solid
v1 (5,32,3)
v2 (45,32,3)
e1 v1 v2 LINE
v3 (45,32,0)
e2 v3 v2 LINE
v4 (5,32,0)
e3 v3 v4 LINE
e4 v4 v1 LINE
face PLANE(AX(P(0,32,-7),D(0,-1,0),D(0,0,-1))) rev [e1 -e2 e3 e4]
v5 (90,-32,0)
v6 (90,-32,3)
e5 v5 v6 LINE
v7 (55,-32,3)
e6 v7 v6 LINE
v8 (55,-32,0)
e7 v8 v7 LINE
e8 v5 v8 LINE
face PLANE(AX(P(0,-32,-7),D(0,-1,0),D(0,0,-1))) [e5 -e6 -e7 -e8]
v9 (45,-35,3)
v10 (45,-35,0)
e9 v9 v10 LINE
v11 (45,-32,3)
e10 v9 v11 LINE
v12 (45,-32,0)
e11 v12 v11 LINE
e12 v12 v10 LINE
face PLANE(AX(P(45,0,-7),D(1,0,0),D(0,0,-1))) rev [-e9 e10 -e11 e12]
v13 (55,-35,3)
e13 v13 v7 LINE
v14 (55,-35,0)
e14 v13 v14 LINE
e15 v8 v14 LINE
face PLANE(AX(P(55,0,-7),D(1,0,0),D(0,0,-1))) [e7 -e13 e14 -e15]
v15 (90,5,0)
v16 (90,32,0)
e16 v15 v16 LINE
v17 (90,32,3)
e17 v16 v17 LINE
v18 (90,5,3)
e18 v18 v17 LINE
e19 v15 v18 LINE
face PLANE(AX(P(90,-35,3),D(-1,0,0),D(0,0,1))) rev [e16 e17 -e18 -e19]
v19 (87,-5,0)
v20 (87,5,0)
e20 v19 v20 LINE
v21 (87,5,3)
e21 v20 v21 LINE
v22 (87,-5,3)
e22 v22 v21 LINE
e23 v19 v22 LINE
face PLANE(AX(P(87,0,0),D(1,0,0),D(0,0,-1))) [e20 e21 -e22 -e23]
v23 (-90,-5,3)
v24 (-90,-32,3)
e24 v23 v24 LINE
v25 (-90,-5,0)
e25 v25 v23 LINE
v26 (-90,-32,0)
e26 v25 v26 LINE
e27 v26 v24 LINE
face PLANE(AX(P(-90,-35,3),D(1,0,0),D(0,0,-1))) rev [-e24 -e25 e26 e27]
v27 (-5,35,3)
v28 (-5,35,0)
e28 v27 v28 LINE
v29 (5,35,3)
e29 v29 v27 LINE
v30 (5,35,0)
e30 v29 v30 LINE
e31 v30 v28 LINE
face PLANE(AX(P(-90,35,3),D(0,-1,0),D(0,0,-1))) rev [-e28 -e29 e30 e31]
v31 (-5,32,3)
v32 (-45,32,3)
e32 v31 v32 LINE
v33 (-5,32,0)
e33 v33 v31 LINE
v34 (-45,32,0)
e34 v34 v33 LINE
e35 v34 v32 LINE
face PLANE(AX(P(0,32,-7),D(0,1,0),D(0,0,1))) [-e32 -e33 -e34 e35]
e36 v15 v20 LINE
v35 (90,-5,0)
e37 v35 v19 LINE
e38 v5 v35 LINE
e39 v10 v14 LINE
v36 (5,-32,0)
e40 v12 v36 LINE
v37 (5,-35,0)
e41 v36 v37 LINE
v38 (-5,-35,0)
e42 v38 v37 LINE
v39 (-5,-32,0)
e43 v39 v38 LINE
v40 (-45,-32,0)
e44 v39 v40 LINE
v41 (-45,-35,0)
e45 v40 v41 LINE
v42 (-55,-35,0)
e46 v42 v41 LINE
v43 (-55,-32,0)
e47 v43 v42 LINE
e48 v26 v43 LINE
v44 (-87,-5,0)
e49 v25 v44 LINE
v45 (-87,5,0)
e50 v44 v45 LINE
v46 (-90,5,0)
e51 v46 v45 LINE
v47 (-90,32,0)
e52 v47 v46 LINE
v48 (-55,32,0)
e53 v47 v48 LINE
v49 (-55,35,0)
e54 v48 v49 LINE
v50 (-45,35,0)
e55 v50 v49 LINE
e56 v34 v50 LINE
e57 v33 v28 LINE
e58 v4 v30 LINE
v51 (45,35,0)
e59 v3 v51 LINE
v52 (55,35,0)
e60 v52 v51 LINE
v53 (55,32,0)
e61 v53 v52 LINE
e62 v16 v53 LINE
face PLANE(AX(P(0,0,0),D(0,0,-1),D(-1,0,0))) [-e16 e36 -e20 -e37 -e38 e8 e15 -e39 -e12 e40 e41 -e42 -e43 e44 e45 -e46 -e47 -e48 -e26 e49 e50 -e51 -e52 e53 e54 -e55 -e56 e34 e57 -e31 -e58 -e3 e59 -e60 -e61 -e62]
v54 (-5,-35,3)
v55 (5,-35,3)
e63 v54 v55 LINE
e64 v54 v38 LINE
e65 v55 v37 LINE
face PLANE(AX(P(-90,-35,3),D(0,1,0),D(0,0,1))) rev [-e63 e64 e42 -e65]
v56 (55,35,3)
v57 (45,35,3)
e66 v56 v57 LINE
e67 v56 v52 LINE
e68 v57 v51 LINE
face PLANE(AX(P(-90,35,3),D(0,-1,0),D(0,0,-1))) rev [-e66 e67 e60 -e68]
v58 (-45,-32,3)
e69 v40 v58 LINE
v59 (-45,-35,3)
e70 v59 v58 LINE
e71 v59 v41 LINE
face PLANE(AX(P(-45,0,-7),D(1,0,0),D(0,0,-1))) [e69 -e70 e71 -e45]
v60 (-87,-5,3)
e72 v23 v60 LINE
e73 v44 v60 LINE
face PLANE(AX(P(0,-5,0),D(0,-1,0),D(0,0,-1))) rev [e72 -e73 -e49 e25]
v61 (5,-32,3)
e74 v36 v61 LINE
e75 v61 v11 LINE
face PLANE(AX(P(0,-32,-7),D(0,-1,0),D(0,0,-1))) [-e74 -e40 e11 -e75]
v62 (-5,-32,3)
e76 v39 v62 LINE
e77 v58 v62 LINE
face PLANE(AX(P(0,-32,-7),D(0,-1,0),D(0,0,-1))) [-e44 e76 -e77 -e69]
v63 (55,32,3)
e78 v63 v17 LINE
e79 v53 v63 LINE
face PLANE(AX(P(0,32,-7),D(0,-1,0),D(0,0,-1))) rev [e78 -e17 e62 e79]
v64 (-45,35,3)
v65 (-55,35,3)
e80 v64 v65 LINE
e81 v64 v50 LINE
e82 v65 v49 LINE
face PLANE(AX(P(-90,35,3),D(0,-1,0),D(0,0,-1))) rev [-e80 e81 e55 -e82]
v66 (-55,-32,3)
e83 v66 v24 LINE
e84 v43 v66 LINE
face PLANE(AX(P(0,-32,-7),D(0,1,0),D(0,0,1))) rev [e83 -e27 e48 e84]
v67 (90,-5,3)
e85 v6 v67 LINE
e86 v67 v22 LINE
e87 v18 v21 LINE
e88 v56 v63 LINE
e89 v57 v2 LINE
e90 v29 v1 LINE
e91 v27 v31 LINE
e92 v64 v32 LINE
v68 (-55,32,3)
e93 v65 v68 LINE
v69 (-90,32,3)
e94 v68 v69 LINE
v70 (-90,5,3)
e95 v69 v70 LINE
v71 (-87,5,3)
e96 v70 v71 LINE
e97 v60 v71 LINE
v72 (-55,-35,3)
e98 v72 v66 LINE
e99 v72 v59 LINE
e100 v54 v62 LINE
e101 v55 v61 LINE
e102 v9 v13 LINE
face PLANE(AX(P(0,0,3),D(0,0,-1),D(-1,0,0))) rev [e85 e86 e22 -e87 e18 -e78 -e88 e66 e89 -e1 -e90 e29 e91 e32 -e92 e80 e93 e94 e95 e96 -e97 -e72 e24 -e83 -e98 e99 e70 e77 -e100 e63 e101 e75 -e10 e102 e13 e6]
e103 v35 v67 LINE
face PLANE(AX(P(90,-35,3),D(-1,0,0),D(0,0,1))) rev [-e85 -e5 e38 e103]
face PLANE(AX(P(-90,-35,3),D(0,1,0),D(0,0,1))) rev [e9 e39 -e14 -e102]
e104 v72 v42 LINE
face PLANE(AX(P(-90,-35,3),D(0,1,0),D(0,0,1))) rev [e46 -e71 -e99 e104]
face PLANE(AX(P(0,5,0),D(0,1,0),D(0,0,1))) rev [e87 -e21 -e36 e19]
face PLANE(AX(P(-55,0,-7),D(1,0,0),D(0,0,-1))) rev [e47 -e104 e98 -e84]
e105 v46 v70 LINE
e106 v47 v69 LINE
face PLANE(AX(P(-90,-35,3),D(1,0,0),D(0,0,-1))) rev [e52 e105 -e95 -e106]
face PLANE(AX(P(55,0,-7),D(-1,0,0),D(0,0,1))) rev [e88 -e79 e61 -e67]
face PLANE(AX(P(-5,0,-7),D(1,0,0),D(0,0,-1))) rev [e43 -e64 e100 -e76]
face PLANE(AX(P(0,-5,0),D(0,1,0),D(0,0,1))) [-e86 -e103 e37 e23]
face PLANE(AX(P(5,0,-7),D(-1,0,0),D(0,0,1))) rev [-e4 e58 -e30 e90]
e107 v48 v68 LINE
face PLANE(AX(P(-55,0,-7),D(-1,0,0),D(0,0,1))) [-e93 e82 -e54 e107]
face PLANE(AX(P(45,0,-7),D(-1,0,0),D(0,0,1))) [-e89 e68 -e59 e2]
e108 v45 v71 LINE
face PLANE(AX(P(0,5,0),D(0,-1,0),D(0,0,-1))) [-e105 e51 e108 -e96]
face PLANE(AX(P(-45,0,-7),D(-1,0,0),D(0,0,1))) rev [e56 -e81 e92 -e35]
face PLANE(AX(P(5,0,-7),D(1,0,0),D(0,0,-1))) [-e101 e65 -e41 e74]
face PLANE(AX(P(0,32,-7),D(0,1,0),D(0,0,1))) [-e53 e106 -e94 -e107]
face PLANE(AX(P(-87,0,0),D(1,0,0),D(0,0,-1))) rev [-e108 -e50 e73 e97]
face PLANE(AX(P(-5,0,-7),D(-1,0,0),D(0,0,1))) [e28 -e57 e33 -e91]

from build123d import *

# Parameters (mm, degrees)
SKETCH3_W           = 180
SKETCH3_H           = 70
BOSS_EXTRUDE1_DEPTH = 3
SKETCH5_W           = 3
SKETCH5_H           = 5
CUT_EXTRUDE2_DEPTH  = 3
SKETCH4_W           = 35
SKETCH4_H           = 3
SKETCH4_W_2         = 40
CUT_EXTRUDE3_DEPTH  = 10


with BuildPart() as part:
    # Sketch3 → Boss-Extrude1 (new body)
    with BuildSketch(Plane.XY):
        Rectangle(SKETCH3_W, SKETCH3_H)
    extrude(amount=BOSS_EXTRUDE1_DEPTH)

    # Sketch5 → Cut-Extrude2 (cut)
    with BuildSketch(Plane.XY.offset(3)):
        with Locations((-88.5, 2.5)):
            Rectangle(SKETCH5_W, SKETCH5_H)
        with Locations((-88.5, -2.5)):
            Rectangle(SKETCH5_W, SKETCH5_H)
        with Locations((88.5, 2.5)):
            Rectangle(SKETCH5_W, SKETCH5_H)
        with Locations((88.5, -2.5)):
            Rectangle(SKETCH5_W, SKETCH5_H)
    extrude(amount=-CUT_EXTRUDE2_DEPTH, mode=Mode.SUBTRACT)

    # Sketch4 → Cut-Extrude3 (cut)
    with BuildSketch(Plane.XY.offset(3)):
        with Locations((-72.5, 33.5)):
            Rectangle(SKETCH4_W, SKETCH4_H)
        with Locations((-25, 33.5)):
            Rectangle(SKETCH4_W_2, SKETCH4_H)
        with Locations((25, 33.5)):
            Rectangle(SKETCH4_W_2, SKETCH4_H)
        with Locations((72.5, 33.5)):
            Rectangle(SKETCH4_W, SKETCH4_H)
        with Locations((72.5, -33.5)):
            Rectangle(SKETCH4_W, SKETCH4_H)
        with Locations((25, -33.5)):
            Rectangle(SKETCH4_W_2, SKETCH4_H)
        with Locations((-25, -33.5)):
            Rectangle(SKETCH4_W_2, SKETCH4_H)
        with Locations((-72.5, -33.5)):
            Rectangle(SKETCH4_W, SKETCH4_H)
    extrude(amount=-CUT_EXTRUDE3_DEPTH, mode=Mode.SUBTRACT)


solid = part.part
